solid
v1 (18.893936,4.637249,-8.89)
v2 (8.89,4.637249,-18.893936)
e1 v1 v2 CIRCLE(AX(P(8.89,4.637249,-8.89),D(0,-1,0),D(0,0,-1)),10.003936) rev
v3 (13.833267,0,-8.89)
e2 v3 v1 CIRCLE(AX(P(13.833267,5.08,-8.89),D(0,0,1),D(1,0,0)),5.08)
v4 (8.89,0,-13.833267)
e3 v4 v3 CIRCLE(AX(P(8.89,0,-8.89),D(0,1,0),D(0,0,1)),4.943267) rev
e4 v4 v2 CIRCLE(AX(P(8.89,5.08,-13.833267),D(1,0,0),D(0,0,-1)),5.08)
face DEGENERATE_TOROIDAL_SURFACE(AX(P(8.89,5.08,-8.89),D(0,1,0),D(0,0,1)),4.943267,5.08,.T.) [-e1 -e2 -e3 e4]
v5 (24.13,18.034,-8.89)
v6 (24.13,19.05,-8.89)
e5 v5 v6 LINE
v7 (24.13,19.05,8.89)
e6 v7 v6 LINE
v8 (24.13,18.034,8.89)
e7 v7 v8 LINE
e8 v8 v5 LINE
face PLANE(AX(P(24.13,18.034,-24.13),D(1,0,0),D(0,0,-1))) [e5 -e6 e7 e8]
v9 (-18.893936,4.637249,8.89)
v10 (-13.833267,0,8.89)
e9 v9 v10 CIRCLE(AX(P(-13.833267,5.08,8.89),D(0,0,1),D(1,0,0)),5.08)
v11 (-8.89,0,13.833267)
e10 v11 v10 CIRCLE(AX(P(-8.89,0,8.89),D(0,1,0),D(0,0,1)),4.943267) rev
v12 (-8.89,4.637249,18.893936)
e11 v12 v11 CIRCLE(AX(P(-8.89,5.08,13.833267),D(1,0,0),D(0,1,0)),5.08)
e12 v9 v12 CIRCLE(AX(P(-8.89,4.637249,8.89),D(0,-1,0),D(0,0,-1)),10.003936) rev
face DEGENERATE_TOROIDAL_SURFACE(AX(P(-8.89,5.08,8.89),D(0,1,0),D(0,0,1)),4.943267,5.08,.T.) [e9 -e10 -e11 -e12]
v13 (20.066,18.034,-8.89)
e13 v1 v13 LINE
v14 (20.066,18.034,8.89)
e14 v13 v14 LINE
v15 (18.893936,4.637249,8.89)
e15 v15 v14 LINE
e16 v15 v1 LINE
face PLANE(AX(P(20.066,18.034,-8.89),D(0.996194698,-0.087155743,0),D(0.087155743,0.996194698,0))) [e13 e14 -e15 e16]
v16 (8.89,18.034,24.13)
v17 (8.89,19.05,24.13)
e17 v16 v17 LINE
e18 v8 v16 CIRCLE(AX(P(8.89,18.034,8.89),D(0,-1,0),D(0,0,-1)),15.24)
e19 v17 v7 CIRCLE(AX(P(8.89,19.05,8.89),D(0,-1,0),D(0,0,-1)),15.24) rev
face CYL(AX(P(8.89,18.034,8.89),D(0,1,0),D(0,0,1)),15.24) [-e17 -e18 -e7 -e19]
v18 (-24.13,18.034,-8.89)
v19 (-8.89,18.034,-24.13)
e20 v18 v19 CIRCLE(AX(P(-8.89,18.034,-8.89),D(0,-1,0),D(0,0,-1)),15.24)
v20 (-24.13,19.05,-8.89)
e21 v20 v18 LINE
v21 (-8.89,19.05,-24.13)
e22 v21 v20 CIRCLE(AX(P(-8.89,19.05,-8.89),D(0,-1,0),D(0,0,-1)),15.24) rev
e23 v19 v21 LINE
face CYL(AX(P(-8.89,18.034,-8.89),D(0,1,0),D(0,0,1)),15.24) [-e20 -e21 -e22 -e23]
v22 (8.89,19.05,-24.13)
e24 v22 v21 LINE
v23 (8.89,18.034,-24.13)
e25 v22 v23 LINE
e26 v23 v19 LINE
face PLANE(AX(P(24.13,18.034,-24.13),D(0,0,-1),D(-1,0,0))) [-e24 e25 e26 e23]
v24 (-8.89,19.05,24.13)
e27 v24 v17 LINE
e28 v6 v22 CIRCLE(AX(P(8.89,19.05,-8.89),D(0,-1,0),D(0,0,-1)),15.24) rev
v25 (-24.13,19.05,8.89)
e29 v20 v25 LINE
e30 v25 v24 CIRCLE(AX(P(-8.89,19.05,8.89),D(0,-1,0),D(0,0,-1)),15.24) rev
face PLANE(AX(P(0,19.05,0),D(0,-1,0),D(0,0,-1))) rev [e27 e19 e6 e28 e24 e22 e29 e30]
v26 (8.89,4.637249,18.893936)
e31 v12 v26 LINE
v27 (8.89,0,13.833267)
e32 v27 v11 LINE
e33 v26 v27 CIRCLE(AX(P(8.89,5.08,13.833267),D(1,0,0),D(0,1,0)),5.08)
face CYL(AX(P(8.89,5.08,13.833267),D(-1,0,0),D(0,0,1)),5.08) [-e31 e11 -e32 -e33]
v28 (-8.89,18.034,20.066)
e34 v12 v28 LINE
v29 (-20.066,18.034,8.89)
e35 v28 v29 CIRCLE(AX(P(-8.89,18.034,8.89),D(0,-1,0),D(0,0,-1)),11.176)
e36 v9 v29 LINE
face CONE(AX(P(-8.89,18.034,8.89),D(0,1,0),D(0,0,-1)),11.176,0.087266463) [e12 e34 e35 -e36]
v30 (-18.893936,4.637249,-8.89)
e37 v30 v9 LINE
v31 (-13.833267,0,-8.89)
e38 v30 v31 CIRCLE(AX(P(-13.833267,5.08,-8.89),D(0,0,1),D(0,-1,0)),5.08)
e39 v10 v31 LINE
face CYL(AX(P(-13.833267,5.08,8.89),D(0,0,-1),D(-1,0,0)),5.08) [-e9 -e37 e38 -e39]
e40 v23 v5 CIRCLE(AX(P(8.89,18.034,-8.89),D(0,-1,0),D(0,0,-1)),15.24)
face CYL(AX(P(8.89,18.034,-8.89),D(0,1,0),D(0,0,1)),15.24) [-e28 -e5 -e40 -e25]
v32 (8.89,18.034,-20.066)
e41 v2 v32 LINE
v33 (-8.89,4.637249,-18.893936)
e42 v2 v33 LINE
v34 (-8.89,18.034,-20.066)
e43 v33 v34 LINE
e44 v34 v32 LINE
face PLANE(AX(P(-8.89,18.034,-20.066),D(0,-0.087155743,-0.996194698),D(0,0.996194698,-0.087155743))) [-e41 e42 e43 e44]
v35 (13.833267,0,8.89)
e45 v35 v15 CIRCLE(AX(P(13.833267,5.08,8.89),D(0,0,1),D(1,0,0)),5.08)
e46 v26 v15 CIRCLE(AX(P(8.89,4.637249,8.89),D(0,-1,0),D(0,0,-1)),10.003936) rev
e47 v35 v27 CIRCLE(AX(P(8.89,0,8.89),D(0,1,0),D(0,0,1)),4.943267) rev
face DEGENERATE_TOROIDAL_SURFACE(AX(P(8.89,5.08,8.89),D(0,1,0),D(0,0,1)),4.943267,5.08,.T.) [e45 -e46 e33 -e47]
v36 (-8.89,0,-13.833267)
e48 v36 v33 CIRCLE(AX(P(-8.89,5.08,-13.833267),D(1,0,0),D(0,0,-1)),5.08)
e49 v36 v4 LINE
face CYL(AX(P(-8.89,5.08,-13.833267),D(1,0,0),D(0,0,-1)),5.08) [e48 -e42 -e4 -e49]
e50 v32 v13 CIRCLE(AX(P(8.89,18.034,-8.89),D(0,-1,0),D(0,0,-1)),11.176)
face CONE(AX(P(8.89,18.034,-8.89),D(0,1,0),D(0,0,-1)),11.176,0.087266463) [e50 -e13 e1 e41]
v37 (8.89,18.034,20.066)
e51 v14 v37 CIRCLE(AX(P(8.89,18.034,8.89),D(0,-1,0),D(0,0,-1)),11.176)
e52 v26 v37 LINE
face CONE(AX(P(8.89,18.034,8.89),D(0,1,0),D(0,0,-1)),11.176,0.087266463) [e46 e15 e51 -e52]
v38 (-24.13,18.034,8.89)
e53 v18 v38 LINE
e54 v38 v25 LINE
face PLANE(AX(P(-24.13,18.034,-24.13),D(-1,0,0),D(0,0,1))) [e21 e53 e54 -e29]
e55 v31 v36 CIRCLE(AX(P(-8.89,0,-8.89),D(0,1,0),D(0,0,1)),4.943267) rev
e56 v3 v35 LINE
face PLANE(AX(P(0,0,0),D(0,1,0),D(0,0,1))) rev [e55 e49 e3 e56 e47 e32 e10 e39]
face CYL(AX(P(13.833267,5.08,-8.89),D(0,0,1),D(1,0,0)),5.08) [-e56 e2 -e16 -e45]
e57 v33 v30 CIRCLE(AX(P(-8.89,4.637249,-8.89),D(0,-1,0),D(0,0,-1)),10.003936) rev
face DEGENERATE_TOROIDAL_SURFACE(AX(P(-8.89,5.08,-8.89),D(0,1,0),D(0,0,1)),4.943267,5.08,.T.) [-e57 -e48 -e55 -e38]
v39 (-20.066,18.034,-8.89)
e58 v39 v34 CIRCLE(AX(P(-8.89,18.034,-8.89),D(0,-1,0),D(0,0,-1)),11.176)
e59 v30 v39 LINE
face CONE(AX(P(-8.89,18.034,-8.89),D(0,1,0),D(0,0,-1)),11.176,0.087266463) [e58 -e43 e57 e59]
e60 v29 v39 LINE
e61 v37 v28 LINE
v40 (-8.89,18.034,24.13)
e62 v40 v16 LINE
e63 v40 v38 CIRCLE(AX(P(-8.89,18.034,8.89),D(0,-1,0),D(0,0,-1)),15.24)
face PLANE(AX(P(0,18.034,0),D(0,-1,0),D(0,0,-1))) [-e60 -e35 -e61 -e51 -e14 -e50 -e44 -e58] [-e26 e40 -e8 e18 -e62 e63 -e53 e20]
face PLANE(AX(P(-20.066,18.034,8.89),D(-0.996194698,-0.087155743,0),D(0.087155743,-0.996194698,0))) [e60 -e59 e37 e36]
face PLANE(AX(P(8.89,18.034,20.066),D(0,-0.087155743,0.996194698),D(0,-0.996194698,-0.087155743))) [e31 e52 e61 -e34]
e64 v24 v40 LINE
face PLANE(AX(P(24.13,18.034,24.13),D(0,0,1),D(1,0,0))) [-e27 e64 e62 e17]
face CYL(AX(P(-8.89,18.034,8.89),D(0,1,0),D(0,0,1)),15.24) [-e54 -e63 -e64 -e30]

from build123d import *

# Parameters (mm, degrees)
SKETCH1_W           = 48.26
SKETCH1_H           = 48.26
BOSS_EXTRUDE1_DEPTH = 1.016
FILLET1_R           = 15.24
BOSS_EXTRUDE2_DEPTH = 18.034
BOSS_EXTRUDE2_TAPER = 5
FILLET2_R           = 5.08


with BuildPart() as part:
    # Sketch1 → Boss-Extrude1 (new body)
    with BuildSketch(Plane(origin=(0, 19.05, 0), x_dir=(1, 0, 0), z_dir=(0, 1, 0))):
        Rectangle(SKETCH1_W, SKETCH1_H)
    extrude(amount=-BOSS_EXTRUDE1_DEPTH)

    # Fillet1
    fillet1_edges = [part.edges().sort_by_distance(p)[0] for p in [
        (-24.13, 18.542, -24.13),
        (24.13, 18.542, -24.13),
        (24.13, 18.542, 24.13),
        (-24.13, 18.542, 24.13),
    ]]
    fillet(fillet1_edges, radius=FILLET1_R)

    # Sketch2 → Boss-Extrude2 (add)
    with BuildSketch(Plane.XZ.offset(-18.034)):
        with BuildLine():
            Line((8.89, 20.066), (-8.89, 20.066))
            ThreePointArc((-8.89, 20.066), (-16.792625387, 16.792625387), (-20.066, 8.89))
            Line((-20.066, 8.89), (-20.066, -8.89))
            ThreePointArc((-20.066, -8.89), (-16.792625387, -16.792625387), (-8.89, -20.066))
            Line((-8.89, -20.066), (8.89, -20.066))
            ThreePointArc((8.89, -20.066), (16.792625387, -16.792625387), (20.066, -8.89))
            Line((20.066, -8.89), (20.066, 8.89))
            ThreePointArc((20.066, 8.89), (16.792625387, 16.792625387), (8.89, 20.066))
        make_face()
    extrude(amount=BOSS_EXTRUDE2_DEPTH, taper=BOSS_EXTRUDE2_TAPER)

    # Fillet2
    fillet2_edges = [part.edges().sort_by_distance(p)[0] for p in [
        (18.488229442, 0, 0),
        (15.676973126, 0, -15.676973126),
        (0, 0, -18.488229442),
        (-15.676973126, 0, -15.676973126),
        (-18.488229442, 0, 0),
        (-15.676973126, 0, 15.676973126),
        (0, 0, 18.488229442),
        (15.676973126, 0, 15.676973126),
    ]]
    fillet(fillet2_edges, radius=FILLET2_R)


solid = part.part
